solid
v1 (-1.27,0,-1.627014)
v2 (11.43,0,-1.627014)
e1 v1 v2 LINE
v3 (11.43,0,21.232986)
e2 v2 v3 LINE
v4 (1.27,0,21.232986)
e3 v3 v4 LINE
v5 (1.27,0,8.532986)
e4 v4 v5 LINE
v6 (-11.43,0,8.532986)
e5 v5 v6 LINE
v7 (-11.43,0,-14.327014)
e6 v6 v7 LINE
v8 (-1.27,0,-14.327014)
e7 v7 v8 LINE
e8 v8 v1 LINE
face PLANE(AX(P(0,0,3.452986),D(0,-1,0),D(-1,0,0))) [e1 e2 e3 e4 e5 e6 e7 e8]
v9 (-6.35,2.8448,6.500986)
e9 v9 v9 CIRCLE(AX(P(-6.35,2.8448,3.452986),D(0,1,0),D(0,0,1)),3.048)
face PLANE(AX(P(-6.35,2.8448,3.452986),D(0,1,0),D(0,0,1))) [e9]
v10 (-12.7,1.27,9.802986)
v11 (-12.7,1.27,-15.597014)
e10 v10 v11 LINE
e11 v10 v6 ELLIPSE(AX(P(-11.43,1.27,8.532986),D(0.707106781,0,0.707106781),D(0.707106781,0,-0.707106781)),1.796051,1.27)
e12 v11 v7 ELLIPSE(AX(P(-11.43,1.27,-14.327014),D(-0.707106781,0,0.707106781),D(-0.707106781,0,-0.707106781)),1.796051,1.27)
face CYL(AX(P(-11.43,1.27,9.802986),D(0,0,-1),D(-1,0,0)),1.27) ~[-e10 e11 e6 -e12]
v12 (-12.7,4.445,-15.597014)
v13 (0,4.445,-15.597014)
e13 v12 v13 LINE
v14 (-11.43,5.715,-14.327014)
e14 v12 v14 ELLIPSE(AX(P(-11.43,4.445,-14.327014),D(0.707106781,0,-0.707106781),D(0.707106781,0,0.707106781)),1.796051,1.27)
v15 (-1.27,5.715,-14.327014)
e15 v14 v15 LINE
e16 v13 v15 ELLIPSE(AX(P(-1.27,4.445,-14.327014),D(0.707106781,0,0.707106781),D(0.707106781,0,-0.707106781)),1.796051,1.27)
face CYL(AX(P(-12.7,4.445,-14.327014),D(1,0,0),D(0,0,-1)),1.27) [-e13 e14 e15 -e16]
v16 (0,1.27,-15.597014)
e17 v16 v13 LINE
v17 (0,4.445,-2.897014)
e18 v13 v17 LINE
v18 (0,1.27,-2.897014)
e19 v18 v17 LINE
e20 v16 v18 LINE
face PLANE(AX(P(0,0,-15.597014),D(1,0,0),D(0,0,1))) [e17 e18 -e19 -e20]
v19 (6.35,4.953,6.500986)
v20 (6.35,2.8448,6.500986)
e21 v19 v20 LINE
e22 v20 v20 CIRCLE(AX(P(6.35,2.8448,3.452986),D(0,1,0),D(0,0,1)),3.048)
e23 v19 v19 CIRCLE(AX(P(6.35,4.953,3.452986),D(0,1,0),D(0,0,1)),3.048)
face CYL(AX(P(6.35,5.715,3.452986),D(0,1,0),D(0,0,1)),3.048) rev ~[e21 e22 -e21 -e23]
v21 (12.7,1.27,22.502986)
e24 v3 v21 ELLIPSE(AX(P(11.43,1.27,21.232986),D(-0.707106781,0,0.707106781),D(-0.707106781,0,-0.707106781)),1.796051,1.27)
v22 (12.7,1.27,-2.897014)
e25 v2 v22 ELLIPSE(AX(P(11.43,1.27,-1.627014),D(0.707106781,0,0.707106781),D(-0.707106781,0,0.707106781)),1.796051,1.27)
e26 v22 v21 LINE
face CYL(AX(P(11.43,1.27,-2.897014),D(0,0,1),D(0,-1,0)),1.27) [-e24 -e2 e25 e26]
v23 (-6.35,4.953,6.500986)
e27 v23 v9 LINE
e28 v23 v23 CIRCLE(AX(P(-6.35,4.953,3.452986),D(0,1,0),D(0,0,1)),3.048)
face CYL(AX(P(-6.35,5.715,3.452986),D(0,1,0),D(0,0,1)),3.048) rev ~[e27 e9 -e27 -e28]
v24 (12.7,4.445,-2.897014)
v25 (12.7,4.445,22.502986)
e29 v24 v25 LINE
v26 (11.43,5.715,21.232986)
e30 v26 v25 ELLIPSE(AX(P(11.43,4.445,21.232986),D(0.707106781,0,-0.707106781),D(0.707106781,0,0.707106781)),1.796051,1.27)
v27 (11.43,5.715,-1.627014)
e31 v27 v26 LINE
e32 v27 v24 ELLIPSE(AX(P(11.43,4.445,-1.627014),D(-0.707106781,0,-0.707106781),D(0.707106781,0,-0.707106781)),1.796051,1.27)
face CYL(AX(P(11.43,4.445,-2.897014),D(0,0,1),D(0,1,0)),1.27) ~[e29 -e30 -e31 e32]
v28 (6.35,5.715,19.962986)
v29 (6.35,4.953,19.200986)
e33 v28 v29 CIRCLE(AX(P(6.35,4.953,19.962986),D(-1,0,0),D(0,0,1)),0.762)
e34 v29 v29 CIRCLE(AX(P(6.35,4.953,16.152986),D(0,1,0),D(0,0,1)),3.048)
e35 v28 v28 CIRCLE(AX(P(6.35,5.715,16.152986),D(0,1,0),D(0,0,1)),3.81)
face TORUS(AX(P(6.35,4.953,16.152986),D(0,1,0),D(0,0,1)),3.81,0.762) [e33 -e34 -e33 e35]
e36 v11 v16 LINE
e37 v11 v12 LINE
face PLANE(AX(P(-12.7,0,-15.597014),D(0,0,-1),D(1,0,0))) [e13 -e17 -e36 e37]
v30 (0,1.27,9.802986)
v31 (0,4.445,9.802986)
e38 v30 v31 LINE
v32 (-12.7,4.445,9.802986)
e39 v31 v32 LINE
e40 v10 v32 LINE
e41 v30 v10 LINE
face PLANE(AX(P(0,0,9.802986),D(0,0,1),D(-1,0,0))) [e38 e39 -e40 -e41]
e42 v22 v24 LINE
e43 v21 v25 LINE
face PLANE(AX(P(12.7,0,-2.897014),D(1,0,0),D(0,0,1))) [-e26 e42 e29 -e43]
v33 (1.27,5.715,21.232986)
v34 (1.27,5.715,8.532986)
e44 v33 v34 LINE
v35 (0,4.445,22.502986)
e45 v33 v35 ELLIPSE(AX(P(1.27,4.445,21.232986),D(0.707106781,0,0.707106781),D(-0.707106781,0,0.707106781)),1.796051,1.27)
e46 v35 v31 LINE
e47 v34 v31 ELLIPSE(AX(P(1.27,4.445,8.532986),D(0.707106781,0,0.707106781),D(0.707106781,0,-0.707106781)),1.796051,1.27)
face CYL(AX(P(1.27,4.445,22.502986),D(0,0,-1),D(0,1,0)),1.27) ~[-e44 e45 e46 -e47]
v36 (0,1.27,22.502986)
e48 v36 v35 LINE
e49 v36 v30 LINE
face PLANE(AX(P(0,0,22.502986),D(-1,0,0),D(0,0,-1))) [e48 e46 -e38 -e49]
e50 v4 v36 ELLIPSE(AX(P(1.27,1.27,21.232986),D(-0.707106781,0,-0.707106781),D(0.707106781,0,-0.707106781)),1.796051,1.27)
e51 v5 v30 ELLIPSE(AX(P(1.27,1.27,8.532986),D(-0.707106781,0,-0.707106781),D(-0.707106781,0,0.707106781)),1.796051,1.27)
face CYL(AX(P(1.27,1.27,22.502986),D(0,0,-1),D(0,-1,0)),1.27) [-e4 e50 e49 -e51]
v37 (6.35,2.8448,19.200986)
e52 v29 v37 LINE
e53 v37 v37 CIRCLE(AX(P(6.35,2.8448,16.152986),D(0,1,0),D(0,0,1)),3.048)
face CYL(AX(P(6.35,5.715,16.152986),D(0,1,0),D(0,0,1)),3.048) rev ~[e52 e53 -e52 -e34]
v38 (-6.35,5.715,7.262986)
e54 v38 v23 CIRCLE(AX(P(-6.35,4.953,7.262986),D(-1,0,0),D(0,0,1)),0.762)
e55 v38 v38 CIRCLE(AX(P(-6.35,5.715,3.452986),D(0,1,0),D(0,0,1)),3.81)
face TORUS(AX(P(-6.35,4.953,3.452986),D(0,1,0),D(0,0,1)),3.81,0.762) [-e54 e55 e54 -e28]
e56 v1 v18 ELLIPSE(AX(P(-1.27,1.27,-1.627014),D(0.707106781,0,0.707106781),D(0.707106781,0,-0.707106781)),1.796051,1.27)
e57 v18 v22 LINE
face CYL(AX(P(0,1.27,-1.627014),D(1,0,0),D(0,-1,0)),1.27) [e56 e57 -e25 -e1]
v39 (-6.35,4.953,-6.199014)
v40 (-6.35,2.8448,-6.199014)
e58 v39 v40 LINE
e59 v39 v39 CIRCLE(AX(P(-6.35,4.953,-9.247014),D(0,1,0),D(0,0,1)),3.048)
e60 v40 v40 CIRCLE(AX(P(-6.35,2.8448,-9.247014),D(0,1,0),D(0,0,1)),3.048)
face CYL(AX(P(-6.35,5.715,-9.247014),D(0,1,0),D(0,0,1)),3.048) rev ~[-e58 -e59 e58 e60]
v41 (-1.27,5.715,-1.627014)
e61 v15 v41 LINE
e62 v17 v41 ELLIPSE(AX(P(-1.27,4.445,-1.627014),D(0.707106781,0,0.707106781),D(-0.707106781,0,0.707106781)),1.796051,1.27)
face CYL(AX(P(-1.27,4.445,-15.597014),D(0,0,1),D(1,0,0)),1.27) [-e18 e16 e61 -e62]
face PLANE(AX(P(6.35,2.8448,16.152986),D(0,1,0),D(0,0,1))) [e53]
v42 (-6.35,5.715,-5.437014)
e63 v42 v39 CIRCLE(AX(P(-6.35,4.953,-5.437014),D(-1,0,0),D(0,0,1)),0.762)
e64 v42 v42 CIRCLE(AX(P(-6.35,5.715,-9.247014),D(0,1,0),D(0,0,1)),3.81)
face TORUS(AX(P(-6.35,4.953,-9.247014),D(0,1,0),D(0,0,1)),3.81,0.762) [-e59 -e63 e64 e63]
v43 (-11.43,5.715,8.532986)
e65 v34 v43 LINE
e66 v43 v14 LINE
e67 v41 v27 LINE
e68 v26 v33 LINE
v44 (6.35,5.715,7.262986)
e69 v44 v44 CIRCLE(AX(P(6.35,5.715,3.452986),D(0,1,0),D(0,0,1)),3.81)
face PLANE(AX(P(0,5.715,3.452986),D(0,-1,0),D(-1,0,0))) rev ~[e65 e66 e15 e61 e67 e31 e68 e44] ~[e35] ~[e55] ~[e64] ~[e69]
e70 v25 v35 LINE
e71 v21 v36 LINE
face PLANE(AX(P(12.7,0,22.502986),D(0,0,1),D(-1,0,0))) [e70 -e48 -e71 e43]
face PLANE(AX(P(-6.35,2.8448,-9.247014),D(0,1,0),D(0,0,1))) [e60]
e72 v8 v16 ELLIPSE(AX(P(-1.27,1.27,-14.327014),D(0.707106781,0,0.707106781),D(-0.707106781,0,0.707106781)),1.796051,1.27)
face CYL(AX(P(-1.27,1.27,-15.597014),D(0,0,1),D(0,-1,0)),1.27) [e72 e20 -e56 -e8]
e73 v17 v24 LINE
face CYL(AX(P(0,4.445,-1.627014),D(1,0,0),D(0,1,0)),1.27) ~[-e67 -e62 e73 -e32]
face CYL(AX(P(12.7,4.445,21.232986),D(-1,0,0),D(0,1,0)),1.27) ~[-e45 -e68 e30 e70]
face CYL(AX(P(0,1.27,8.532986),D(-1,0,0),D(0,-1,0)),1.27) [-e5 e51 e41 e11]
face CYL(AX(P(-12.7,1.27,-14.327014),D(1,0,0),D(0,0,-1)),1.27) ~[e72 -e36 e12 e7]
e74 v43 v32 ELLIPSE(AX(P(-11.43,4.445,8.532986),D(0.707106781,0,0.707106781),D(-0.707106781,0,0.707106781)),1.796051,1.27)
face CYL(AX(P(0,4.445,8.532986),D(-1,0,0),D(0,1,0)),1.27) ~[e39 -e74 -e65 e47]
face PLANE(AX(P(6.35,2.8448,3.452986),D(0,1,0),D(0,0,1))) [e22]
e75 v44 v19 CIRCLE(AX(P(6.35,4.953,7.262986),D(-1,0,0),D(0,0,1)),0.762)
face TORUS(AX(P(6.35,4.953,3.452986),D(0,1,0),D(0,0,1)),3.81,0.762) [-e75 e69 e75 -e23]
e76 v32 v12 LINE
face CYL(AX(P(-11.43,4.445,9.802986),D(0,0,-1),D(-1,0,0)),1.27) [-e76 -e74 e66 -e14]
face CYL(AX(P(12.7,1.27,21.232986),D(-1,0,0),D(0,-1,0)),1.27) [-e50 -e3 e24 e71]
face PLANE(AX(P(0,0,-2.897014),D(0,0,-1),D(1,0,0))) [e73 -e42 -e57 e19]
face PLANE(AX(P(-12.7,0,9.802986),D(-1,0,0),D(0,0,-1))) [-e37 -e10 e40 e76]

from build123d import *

# Parameters (mm, degrees)
BOSS_EXTRUDE2_DEPTH = 5.715
SKETCH2_R           = 3.048
CUT_EXTRUDE1_DEPTH  = 2.8702
FILLET1_R           = 1.27
FILLET2_R           = 1.27
FILLET3_R           = 0.762


with BuildPart() as part:
    # Sketch1 → Boss-Extrude2 (new body)
    with BuildSketch(Plane(origin=(0, 0, 0), x_dir=(1, 0, 0), z_dir=(0, 1, 0))):
        Polygon((-12.7, 15.59701387), (0, 15.59701387), (0, 2.89701387), (12.7, 2.89701387), (12.7, -22.50298613), (0, -22.50298613), (0, -9.80298613), (-12.7, -9.80298613), align=None)
    extrude(amount=BOSS_EXTRUDE2_DEPTH)

    # Sketch2 → Cut-Extrude1 (cut)
    with BuildSketch(Plane(origin=(0, 5.715, 0), x_dir=(1, 0, 0), z_dir=(0, 1, 0))):
        with Locations(Location((-6.35, 9.24701387, 0), (0, 0, 270))):
            Circle(SKETCH2_R)
        with Locations(Location((6.35, -16.15298613, 0), (0, 0, 270))):
            Circle(SKETCH2_R)
        with Locations(Location((-6.35, -3.45298613, 0), (0, 0, 270))):
            Circle(SKETCH2_R)
        with Locations(Location((6.35, -3.45298613, 0), (0, 0, 270))):
            Circle(SKETCH2_R)
    extrude(amount=-CUT_EXTRUDE1_DEPTH, mode=Mode.SUBTRACT)

    # Fillet1
    fillet1_edges = [part.edges().sort_by_distance(p)[0] for p in [
        (-6.35, 5.715, -15.59701387),
        (0, 5.715, -9.24701387),
        (6.35, 5.715, -2.89701387),
        (12.7, 5.715, 9.80298613),
        (6.35, 5.715, 22.50298613),
        (0, 5.715, 16.15298613),
        (-6.35, 5.715, 9.80298613),
        (-12.7, 5.715, -2.89701387),
    ]]
    fillet(fillet1_edges, radius=FILLET1_R)

    # Fillet2
    fillet2_edges = [part.edges().sort_by_distance(p)[0] for p in [
        (-12.7, 0, -2.89701387),
        (-6.35, 0, 9.80298613),
        (0, 0, 16.15298613),
        (6.35, 0, 22.50298613),
        (12.7, 0, 9.80298613),
        (6.35, 0, -2.89701387),
        (0, 0, -9.24701387),
        (-6.35, 0, -15.59701387),
    ]]
    fillet(fillet2_edges, radius=FILLET2_R)

    # Fillet3
    fillet3_edges = [part.edges().sort_by_distance(p)[0] for p in [
        (-6.35, 5.715, -12.29501387),
        (6.35, 5.715, 0.40498613),
        (-6.35, 5.715, 0.40498613),
        (6.35, 5.715, 13.10498613),
    ]]
    fillet(fillet3_edges, radius=FILLET3_R)


solid = part.part
